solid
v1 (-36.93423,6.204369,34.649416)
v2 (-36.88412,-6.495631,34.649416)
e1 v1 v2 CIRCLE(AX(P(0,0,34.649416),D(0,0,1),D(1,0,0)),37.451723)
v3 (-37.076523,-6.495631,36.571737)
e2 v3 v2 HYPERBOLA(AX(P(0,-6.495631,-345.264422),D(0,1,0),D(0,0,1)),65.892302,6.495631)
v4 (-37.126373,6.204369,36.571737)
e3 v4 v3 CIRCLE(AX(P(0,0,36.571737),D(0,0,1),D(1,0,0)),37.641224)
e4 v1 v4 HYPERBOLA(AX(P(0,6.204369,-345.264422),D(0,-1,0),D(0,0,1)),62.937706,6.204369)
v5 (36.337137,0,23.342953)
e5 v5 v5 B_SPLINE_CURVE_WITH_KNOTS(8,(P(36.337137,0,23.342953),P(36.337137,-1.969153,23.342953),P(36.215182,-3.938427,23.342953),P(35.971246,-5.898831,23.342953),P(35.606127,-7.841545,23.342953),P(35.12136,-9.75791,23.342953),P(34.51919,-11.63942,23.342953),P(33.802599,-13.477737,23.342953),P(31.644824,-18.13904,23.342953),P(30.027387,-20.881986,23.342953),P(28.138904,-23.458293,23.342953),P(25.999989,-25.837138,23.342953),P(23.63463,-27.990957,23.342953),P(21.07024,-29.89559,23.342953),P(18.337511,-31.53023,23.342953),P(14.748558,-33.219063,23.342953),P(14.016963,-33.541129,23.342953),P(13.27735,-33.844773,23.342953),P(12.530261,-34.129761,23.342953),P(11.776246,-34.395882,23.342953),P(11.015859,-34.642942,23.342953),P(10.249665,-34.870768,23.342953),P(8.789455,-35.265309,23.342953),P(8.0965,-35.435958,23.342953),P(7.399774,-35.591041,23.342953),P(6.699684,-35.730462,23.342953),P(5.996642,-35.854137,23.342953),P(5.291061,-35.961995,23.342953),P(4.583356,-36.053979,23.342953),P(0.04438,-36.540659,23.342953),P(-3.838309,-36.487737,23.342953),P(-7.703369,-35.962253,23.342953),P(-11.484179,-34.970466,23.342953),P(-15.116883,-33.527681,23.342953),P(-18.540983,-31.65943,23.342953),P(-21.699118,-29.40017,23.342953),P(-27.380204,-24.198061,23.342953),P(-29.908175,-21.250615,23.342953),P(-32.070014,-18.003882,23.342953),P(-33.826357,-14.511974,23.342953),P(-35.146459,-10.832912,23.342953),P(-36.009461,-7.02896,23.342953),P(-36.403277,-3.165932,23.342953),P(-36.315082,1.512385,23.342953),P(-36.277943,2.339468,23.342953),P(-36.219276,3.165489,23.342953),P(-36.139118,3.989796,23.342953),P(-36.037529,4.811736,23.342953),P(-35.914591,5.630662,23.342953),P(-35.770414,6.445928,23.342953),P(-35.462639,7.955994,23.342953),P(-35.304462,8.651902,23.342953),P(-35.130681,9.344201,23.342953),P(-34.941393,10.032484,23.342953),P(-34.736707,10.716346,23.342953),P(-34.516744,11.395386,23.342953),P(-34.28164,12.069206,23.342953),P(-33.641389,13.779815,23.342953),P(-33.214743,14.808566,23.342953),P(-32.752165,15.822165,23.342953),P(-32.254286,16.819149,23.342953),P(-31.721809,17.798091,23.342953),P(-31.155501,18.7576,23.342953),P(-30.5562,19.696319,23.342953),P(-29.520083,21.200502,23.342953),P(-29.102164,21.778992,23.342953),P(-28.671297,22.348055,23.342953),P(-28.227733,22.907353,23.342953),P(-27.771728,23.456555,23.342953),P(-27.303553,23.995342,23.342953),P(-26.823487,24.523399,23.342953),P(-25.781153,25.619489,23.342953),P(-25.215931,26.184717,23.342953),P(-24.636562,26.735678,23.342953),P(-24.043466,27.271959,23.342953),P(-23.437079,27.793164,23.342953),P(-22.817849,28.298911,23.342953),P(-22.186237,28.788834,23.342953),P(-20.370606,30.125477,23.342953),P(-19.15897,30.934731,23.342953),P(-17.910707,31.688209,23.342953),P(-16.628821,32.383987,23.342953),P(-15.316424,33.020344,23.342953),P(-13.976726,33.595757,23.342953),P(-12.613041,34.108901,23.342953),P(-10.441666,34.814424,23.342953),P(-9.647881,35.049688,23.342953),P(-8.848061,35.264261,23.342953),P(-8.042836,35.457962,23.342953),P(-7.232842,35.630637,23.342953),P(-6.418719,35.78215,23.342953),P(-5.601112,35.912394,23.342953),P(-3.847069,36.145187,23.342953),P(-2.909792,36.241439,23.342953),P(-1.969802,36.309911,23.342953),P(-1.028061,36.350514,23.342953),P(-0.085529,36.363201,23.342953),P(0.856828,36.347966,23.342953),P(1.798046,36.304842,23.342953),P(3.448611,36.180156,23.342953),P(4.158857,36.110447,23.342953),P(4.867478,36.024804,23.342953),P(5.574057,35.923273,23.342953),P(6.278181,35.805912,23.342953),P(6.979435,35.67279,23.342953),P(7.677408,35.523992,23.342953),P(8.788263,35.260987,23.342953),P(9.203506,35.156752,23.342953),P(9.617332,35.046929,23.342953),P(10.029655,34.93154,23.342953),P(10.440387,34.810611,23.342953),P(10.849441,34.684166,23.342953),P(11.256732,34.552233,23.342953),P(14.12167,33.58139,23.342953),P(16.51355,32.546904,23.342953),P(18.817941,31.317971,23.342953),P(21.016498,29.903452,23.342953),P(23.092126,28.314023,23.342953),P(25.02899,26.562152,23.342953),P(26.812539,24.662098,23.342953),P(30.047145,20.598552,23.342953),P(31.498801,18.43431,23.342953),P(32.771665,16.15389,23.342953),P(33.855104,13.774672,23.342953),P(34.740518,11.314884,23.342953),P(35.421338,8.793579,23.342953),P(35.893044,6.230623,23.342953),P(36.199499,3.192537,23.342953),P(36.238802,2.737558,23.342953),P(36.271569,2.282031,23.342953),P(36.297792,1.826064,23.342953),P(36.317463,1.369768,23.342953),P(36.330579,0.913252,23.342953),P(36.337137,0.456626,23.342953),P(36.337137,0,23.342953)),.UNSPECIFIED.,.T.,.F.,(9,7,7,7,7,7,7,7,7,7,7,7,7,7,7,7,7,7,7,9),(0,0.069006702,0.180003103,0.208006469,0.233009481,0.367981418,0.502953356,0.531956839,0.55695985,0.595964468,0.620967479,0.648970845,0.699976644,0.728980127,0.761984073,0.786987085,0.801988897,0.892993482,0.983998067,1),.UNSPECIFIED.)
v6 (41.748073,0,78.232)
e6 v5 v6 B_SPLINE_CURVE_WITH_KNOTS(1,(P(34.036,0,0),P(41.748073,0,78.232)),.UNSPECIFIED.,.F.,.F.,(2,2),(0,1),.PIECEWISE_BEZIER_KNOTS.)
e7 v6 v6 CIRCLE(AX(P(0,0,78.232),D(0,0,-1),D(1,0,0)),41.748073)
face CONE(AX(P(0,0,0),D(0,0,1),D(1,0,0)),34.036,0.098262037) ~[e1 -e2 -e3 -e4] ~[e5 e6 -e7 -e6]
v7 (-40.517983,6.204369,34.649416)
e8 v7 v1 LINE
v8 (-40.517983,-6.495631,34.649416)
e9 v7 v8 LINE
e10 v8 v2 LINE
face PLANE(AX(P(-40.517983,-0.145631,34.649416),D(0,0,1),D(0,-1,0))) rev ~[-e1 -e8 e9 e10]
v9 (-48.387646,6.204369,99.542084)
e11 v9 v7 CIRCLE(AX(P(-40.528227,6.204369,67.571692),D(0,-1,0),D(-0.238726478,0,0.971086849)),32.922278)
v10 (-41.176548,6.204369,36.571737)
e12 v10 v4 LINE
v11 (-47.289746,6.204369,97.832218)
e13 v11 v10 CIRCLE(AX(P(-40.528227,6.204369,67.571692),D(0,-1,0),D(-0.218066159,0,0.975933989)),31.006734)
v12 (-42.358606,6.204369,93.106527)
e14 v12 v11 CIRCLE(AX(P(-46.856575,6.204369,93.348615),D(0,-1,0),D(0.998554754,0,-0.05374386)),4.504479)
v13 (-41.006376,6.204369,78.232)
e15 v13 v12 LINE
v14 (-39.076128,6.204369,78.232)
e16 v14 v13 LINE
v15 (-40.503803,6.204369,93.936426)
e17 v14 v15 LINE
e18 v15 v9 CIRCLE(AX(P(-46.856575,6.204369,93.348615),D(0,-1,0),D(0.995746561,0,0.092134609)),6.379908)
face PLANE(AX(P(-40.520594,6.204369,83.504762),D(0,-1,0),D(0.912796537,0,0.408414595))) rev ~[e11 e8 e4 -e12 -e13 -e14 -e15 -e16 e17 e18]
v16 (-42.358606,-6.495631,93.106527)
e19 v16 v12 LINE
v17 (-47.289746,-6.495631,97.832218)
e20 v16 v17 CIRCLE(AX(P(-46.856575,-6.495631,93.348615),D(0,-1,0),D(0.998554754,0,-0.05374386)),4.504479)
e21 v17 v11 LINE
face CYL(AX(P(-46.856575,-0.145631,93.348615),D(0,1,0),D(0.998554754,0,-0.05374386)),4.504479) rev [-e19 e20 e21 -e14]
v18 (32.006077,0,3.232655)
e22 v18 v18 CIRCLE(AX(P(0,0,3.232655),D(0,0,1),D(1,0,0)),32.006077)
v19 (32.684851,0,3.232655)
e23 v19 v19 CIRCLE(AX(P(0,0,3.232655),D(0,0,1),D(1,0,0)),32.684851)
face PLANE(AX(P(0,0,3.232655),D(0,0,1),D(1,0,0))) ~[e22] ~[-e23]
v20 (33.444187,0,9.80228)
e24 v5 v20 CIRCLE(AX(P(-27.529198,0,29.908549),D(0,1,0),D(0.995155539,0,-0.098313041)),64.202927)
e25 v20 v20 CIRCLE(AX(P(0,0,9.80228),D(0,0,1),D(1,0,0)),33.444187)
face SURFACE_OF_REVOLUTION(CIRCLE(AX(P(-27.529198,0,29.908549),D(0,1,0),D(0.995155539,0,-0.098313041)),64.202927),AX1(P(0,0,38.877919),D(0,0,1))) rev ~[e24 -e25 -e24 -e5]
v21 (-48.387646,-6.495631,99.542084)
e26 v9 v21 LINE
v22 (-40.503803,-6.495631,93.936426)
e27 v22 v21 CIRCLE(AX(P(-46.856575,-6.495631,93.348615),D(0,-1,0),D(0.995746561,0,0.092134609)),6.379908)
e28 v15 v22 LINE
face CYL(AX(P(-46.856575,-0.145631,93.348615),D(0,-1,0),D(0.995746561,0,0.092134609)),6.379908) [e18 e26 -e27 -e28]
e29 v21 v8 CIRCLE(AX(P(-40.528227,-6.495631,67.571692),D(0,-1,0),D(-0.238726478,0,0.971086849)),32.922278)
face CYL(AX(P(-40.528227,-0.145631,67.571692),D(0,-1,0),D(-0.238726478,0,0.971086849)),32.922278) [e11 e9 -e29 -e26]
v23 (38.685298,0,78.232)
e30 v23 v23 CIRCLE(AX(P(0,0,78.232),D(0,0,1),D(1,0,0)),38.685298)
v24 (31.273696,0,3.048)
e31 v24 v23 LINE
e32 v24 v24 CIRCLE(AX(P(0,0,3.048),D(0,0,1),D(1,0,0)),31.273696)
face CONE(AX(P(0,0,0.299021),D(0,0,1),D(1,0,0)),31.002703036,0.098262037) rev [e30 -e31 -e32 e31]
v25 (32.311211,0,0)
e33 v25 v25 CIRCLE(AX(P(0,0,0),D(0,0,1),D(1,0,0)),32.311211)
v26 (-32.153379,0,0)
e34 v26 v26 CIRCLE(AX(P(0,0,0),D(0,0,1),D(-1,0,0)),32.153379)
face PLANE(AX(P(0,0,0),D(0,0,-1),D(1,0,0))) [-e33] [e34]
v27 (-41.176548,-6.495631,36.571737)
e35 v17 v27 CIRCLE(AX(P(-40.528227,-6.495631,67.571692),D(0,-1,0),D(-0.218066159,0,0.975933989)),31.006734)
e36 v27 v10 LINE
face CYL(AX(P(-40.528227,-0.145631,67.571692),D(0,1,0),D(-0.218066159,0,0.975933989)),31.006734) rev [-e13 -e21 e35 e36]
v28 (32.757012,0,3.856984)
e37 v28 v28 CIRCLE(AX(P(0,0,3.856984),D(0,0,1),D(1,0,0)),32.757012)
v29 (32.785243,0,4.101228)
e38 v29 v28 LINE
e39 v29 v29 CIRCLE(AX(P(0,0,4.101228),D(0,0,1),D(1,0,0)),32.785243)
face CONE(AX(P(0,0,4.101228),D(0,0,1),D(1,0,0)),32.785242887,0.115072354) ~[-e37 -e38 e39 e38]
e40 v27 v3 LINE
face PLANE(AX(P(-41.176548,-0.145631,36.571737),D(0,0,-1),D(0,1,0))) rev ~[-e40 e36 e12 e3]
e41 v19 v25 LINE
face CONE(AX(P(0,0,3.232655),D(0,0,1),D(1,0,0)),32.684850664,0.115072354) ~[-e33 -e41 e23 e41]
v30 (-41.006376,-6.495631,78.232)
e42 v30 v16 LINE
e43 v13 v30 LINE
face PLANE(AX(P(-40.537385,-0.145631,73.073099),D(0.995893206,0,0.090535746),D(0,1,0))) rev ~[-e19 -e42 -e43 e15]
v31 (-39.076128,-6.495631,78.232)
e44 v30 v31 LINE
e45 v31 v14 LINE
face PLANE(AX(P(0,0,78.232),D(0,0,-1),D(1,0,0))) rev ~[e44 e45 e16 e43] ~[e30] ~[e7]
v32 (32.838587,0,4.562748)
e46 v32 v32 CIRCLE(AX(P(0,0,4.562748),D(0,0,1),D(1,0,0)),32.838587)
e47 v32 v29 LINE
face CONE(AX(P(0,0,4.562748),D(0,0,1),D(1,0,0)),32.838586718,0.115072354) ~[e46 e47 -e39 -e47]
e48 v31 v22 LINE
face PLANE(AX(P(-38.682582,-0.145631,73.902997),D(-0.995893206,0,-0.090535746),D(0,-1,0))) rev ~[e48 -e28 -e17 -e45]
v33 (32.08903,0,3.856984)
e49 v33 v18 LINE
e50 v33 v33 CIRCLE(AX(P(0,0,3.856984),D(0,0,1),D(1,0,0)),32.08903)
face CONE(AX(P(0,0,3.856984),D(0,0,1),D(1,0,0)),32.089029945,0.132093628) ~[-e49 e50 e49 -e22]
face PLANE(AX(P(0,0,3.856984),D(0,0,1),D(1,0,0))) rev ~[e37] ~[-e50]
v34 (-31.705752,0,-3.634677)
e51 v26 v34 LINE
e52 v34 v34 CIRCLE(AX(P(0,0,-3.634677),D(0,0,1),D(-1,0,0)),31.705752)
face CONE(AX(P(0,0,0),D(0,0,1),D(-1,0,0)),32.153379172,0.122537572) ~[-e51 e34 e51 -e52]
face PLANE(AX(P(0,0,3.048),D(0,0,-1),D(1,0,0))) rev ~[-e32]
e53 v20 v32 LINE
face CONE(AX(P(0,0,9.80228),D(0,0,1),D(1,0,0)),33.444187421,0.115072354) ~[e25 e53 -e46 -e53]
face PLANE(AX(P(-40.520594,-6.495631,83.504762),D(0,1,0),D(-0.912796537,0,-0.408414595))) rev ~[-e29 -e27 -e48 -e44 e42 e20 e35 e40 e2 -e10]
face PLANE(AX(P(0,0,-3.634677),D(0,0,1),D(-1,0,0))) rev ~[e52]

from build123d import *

# Parameters (mm, degrees)
F0_R     = 33.02
F1_DEPTH = 78.232
F1_TAPER = -5.63
F3_R     = 34.036
F3_R_2   = 33.02
F4_DEPTH = 78.232
F4_TAPER = -5.63
F5_T     = -3.048
F9_W     = 2.032
F9_H     = 12.7


with BuildPart() as f1:
    # F0 (on Top) → F1 (new body)
    with BuildSketch(Plane.XY):
        Circle(F0_R)
    extrude(amount=F1_DEPTH, taper=F1_TAPER)

    # F3 (on face) → F4 (join)
    with BuildSketch(Plane(origin=(0, 0, 0), x_dir=(1, 0, 0), z_dir=(0, 0, -1))):
        Circle(F3_R)
        Circle(F3_R_2, mode=Mode.SUBTRACT)
    extrude(amount=-F4_DEPTH, taper=F4_TAPER)

    # F5
    f5_openings = [f1.faces().sort_by_distance(p)[0] for p in [
        (0, 0, 78.232),
    ]]
    offset(amount=F5_T, openings=f5_openings, kind=Kind.INTERSECTION)

    # F6 (on Front) → F7 (revolve, cut)
    with BuildSketch(Plane.XZ):
        with BuildLine():
            Line((32.6848506642, 3.2326551154), (32.3112107695, 0))
            Line((32.3112107695, 0), (44.0889932215, 0))
            Line((44.0889932215, 0), (44.0889932215, 54.3507039547))
            Line((44.0889932215, 54.3507039547), (39.4513271749, 54.3507039547))
            Line((39.4513271749, 54.3507039547), (39.3896299843, 54.2361003943))
            Line((39.3896299843, 54.2361003943), (36.3627001643, 23.5965643078))
            ThreePointArc((36.3627001643, 23.5965643078), (35.2832636057, 16.619062002), (33.4441874208, 9.8022797333))
            Line((33.4441874208, 9.8022797333), (32.8385867178, 4.5627476647))
            Line((32.8385867178, 4.5627476647), (32.7852428872, 4.1012278712))
            Line((32.7852428872, 4.1012278712), (32.7570124771, 3.8569842))
            Line((32.7570124771, 3.8569842), (32.0890299447, 3.8569842))
            Line((32.0890299447, 3.8569842), (32.0060770141, 3.2326551154))
            Line((32.0060770141, 3.2326551154), (32.6848506642, 3.2326551154))
        make_face()
    revolve(axis=Axis((0, 0, 38.8779193163), (0, 0, 1)), mode=Mode.SUBTRACT)

    # F2 (on Front) → F10 (revolve)
    with BuildSketch(Plane.XZ):
        Polygon((0, -3.6346768029), (0, 0), (-32.1533791721, 0), (-31.7057520151, -3.6346768029), align=None)
    revolve(axis=Axis((0, 0, -1.8173384015), (0, 0, 1)))

    # F11: sweep along a path in F8
    with BuildLine(Plane.XZ) as f11_path:
        Line((-38.7114321376, 73.8900886301), (-40.5326529346, 93.9235173966))
        ThreePointArc((-40.5326529346, 93.9235173966), (-43.168569243, 98.5178624573), (-48.3705692501, 99.5154882628))
        ThreePointArc((-48.3705692501, 99.5154882628), (-73.1825968463, 63.6219410958), (-40.5282266438, 34.6793159842))
        Line((-40.5282266438, 34.6793159842), (-35.0613184273, 34.6793159842))
    # F9 (on face) → F11 (sweep)
    with BuildSketch(Plane.XY.offset(78.232)):
        with Locations((-70.6608099122, -0.1456312999)):
            Rectangle(F9_W, F9_H)
    sweep(path=f11_path.line)


solid = f1.part
